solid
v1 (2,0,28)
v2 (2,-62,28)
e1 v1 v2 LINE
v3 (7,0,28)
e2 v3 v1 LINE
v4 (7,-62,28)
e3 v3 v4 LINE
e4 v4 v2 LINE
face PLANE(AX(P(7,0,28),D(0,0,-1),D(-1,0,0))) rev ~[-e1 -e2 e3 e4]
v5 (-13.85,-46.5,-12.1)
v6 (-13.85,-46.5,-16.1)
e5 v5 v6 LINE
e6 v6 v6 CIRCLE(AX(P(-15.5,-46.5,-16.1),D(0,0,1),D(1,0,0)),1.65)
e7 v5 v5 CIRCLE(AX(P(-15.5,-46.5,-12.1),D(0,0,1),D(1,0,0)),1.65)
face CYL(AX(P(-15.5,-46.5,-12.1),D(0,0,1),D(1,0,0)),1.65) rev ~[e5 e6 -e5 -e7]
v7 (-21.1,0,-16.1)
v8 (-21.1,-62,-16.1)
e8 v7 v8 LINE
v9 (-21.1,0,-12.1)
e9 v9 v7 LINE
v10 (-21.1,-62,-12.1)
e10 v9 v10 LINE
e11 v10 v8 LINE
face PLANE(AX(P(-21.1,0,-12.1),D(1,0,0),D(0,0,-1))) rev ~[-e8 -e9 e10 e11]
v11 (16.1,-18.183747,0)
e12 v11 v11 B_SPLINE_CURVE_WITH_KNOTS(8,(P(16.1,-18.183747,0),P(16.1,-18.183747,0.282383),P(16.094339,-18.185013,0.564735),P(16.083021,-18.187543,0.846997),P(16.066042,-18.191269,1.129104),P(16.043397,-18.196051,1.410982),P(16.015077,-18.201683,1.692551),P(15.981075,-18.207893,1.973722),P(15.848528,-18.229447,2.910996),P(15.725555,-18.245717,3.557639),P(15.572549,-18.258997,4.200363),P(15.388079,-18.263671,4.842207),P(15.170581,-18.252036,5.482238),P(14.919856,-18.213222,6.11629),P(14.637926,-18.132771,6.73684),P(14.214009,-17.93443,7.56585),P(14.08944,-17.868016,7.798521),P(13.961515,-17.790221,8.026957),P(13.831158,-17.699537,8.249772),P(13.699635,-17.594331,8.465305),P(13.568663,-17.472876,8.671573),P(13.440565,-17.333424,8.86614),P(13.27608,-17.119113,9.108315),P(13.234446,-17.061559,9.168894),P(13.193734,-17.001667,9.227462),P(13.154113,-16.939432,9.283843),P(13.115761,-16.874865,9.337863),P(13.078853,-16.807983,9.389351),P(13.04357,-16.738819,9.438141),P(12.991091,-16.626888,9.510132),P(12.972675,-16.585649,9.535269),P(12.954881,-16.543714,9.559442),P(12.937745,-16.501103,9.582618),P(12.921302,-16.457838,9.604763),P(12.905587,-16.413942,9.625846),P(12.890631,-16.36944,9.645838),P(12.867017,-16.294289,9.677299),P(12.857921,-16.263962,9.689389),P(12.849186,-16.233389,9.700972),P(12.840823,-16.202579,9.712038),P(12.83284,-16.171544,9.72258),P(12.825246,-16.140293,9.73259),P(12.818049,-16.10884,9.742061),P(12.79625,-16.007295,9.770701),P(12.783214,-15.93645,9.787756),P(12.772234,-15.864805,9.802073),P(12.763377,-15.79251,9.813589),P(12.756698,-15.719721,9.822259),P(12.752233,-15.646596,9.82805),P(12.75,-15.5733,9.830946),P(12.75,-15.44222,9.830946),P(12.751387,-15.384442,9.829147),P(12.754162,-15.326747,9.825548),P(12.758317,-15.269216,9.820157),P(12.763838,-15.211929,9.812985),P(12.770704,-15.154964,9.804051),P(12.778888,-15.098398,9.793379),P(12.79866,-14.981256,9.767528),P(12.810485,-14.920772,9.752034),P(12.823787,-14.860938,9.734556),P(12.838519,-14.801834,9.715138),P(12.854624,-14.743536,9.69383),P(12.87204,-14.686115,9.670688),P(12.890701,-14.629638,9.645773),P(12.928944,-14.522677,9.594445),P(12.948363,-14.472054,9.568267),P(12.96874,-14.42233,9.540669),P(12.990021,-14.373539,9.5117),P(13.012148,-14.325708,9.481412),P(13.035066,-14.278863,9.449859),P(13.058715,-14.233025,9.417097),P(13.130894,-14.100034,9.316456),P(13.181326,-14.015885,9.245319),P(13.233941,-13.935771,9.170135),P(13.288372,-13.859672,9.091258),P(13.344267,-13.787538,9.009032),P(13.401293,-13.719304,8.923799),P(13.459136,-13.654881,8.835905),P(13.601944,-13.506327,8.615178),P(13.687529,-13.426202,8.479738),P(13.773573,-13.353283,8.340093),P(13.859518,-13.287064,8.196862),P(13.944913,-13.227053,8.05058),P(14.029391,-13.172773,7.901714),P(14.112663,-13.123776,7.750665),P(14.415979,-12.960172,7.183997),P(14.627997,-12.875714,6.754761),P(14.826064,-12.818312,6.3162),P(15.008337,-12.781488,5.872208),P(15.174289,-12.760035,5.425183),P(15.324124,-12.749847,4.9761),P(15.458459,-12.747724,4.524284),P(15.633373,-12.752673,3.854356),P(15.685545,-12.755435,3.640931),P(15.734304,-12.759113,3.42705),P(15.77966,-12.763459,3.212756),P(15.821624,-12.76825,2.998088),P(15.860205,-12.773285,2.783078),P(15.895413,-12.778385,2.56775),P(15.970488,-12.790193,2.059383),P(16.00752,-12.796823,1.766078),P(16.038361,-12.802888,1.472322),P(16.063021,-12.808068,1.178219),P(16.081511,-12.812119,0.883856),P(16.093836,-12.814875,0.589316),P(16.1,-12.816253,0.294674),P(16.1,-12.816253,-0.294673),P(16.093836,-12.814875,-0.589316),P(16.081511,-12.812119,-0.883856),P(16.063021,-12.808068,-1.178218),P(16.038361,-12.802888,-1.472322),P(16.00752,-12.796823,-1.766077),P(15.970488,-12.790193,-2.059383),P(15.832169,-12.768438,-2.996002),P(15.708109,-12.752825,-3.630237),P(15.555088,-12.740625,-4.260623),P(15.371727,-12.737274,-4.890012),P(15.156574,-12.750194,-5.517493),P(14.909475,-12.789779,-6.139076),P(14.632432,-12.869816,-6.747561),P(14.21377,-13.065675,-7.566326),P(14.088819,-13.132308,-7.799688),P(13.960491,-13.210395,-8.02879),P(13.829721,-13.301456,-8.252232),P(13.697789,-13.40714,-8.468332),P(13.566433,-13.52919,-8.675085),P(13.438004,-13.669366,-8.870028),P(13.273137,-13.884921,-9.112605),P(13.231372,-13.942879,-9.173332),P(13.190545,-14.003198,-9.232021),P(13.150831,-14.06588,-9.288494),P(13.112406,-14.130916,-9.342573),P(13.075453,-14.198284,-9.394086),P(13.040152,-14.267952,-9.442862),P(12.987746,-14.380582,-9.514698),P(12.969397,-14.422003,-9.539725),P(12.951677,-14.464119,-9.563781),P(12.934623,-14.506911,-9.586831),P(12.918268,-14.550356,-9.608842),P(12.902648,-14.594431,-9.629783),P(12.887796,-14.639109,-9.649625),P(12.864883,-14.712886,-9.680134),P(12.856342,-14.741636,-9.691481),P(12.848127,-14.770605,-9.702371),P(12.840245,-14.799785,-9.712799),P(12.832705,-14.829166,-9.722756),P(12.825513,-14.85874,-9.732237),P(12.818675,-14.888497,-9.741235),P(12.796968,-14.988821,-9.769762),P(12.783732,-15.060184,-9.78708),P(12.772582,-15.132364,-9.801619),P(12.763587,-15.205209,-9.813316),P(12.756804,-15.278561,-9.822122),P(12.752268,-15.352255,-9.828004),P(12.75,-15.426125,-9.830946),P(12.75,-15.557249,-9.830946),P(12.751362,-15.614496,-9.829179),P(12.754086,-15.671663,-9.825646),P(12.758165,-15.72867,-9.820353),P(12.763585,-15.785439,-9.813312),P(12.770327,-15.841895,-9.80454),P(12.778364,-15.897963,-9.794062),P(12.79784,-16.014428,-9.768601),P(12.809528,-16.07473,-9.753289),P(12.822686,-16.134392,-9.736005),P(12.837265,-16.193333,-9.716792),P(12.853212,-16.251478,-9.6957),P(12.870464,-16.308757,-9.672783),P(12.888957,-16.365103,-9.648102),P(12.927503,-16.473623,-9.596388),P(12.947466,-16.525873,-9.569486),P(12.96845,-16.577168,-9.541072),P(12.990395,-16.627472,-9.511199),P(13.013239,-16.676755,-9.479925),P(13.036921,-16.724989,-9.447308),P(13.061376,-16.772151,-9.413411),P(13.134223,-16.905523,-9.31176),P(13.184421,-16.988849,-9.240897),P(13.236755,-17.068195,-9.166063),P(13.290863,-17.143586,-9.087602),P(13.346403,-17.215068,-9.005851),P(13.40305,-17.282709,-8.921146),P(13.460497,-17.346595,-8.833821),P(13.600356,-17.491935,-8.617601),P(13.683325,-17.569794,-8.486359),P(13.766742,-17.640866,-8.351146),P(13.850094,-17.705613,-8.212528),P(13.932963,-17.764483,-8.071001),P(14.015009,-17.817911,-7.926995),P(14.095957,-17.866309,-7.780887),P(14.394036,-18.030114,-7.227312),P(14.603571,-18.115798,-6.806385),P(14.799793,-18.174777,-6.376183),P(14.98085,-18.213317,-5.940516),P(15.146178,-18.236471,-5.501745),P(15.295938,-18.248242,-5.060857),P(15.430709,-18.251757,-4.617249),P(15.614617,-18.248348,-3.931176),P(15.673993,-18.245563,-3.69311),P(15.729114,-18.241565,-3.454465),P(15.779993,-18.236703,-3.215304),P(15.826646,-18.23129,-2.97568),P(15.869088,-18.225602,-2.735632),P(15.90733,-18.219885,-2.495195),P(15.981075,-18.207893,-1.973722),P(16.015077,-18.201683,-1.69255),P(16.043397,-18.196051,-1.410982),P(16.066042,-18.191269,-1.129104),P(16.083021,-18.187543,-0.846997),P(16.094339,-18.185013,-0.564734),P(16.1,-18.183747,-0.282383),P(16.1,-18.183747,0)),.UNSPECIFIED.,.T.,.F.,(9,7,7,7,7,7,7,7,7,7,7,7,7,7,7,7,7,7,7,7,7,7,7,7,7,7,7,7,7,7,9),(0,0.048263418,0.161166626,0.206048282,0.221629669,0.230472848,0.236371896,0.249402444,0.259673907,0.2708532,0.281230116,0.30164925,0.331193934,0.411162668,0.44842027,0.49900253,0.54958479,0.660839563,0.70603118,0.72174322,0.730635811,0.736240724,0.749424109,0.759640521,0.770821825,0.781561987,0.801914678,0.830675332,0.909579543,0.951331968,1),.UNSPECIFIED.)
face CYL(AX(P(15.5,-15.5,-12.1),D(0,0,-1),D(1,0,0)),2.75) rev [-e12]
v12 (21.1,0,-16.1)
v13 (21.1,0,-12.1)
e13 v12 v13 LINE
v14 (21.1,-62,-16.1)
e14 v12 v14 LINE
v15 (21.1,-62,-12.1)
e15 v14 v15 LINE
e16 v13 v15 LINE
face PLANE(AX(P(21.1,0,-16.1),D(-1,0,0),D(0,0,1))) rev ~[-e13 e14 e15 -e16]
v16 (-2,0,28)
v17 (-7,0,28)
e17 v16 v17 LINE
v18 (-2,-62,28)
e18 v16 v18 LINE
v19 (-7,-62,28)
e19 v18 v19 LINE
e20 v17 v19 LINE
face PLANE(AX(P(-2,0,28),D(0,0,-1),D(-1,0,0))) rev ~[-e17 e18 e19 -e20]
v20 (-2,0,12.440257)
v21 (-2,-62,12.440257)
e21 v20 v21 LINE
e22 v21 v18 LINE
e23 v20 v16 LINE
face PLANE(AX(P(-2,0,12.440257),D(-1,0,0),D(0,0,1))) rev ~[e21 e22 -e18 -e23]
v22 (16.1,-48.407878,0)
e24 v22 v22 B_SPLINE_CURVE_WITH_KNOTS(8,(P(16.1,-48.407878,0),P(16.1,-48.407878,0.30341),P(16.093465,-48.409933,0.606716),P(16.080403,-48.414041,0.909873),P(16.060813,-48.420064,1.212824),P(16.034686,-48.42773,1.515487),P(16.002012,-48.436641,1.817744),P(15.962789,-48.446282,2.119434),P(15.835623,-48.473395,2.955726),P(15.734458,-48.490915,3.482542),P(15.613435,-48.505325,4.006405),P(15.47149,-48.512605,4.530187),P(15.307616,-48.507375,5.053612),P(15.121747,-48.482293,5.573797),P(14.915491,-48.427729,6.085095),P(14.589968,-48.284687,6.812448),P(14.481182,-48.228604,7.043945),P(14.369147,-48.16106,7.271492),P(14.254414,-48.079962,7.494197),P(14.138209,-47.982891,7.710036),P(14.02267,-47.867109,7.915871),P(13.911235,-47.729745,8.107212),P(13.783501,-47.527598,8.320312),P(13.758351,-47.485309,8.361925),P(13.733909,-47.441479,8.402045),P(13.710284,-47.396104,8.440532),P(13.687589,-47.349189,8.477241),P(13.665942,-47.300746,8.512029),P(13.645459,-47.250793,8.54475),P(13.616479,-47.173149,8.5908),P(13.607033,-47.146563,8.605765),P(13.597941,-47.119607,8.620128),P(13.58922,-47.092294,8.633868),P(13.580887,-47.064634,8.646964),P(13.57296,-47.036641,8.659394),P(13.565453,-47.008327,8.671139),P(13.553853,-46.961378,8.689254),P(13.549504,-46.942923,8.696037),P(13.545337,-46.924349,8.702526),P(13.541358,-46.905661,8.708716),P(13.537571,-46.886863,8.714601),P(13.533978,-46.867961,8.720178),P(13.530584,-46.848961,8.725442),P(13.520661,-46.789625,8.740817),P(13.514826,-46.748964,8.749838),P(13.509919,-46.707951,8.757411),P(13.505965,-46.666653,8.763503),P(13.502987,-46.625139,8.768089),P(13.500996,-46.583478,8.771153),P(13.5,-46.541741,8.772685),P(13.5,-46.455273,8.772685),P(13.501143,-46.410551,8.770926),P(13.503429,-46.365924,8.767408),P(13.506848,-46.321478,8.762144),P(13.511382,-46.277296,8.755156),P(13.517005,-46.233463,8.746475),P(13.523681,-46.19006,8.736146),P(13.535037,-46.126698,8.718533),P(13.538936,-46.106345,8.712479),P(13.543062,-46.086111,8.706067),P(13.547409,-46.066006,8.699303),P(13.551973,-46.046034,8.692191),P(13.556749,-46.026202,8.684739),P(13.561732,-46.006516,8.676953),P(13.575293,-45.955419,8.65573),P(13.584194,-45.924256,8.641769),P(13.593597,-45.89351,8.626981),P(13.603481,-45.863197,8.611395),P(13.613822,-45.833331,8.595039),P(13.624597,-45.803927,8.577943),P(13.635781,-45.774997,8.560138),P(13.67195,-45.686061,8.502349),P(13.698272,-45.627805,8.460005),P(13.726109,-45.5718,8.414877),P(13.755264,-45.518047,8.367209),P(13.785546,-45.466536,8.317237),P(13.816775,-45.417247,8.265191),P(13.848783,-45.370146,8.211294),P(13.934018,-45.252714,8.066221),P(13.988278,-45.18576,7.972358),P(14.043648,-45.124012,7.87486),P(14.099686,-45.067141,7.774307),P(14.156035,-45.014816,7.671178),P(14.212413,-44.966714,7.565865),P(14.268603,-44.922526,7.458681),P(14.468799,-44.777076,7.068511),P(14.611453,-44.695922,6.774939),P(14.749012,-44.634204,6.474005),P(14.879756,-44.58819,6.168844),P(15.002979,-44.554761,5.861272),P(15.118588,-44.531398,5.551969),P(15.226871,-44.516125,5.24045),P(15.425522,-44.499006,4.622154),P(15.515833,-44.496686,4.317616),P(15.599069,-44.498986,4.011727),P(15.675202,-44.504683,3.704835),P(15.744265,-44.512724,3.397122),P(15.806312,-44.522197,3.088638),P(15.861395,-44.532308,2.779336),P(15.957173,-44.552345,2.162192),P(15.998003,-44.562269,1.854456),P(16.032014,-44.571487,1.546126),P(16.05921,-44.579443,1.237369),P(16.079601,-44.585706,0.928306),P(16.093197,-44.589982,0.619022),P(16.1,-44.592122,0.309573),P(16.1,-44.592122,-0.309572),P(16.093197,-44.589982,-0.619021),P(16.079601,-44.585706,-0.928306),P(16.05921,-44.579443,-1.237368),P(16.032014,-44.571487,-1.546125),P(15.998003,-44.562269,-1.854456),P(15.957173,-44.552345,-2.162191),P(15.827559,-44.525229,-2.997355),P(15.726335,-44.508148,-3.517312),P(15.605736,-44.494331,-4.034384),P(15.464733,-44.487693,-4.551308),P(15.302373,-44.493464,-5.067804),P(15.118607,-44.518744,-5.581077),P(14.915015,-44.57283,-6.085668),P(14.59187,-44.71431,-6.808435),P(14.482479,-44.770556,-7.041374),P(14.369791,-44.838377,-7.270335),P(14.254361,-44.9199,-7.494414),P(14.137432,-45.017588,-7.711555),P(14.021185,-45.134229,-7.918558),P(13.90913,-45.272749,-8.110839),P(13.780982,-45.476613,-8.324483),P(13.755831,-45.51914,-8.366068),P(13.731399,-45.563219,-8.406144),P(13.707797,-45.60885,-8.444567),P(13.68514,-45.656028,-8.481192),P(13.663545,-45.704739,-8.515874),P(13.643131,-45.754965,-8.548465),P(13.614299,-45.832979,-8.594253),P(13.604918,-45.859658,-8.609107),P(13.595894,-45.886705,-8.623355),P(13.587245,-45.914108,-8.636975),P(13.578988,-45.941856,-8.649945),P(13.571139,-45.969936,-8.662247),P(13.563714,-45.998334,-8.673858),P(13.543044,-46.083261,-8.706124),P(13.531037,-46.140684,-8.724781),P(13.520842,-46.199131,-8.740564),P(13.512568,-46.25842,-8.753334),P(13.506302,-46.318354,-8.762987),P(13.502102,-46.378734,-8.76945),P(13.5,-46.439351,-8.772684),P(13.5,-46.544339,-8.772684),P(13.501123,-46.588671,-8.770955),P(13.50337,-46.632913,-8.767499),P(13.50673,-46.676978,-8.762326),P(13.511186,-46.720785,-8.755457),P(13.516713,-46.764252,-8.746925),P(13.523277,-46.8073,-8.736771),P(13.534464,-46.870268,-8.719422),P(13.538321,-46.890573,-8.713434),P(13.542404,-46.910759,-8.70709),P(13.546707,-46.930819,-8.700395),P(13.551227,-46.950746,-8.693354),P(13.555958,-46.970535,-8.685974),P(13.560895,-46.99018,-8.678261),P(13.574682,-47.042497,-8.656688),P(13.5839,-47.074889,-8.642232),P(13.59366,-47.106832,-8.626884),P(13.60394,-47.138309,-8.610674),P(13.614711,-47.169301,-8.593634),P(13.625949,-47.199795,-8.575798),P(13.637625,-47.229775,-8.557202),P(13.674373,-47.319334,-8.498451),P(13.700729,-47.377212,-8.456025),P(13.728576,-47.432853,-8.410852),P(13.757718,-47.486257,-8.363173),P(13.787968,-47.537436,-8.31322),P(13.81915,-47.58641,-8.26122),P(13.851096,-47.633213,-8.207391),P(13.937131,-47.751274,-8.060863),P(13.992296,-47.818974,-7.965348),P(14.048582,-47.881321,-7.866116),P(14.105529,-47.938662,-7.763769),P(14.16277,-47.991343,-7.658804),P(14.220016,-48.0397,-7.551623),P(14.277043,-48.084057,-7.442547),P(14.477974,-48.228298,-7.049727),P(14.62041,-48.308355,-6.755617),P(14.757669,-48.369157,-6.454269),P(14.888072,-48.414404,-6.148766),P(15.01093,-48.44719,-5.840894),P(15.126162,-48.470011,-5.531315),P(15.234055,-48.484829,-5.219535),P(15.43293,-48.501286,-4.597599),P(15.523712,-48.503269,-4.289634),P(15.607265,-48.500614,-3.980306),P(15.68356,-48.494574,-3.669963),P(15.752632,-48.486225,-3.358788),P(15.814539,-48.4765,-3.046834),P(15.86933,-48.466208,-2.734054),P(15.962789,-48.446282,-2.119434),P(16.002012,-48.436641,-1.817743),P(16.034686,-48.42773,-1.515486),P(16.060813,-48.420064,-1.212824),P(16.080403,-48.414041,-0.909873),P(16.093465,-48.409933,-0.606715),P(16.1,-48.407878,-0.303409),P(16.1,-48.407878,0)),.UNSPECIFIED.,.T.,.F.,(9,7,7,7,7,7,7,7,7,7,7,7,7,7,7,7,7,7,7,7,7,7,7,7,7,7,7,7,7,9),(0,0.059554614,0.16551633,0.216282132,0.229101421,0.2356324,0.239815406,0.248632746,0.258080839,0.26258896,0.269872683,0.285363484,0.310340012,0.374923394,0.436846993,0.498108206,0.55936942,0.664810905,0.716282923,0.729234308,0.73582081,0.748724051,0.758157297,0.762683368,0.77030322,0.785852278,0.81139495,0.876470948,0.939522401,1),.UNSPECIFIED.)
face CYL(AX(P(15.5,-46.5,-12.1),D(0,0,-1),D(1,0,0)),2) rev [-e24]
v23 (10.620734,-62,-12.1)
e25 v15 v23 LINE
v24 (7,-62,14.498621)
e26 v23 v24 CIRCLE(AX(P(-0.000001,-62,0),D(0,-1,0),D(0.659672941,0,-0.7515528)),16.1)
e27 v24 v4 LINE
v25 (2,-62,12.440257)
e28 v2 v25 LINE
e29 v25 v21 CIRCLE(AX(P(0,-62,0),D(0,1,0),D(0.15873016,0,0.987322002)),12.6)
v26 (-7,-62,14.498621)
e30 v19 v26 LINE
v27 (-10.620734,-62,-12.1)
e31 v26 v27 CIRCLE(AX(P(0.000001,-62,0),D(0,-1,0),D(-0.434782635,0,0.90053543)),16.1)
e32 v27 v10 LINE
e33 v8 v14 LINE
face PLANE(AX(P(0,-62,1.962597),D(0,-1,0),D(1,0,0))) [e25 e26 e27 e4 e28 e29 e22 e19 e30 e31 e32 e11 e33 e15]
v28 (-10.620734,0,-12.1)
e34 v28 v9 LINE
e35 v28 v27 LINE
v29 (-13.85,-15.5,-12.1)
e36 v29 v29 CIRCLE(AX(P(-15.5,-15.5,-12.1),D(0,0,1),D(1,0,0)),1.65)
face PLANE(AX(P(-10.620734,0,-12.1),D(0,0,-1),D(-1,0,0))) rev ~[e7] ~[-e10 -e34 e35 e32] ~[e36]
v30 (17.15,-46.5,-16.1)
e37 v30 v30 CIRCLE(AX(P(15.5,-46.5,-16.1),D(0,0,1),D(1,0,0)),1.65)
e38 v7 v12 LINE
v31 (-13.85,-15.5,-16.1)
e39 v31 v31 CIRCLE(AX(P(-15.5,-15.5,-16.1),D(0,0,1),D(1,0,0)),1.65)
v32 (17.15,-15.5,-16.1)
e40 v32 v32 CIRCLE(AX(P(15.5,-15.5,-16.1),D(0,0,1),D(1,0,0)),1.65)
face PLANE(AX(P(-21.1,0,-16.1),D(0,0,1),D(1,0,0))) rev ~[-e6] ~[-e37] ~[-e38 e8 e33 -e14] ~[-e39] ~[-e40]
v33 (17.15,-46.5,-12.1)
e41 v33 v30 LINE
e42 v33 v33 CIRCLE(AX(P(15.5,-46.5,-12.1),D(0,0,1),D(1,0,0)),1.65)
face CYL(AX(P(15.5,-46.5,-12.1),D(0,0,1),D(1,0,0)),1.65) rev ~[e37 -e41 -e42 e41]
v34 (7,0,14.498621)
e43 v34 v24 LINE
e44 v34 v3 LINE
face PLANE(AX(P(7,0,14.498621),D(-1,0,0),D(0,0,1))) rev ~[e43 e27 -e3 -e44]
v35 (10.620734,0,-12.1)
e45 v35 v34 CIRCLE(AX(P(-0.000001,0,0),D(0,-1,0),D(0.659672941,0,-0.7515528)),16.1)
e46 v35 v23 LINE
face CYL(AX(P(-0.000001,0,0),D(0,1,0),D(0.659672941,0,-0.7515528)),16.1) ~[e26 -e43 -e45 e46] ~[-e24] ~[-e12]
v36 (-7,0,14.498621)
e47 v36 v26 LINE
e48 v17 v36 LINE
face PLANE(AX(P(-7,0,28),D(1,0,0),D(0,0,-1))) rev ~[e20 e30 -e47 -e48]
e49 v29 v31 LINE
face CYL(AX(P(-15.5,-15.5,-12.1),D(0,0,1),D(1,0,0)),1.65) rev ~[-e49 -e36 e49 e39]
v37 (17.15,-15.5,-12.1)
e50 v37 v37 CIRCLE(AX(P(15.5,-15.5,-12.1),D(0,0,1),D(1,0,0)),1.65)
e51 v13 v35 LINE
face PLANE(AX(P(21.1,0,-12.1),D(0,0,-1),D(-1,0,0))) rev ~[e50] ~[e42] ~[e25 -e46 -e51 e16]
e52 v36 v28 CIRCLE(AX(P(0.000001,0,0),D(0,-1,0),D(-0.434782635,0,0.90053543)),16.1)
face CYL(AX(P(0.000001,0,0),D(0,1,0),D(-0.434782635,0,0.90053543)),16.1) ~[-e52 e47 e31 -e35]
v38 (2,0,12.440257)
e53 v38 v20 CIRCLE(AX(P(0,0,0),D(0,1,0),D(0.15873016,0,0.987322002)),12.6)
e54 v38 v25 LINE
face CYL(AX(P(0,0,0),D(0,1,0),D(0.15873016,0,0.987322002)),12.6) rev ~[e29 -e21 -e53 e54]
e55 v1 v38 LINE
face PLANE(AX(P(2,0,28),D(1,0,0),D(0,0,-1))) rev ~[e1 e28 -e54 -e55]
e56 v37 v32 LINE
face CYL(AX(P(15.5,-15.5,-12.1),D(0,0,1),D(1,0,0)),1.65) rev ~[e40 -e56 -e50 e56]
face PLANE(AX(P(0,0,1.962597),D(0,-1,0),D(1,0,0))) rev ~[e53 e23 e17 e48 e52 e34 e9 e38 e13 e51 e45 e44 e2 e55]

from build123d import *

# Parameters (mm, degrees)
F1_DEPTH = 62
F2_R     = 1.65
F3_DEPTH = 25
F4_R     = 2
F4_R_2   = 2.75
F5_DEPTH = 25


with BuildPart() as f1:
    # F0 (on Front) → F1 (new body)
    with BuildSketch(Plane.XZ):
        with BuildLine():
            ThreePointArc((2, 12.440257), (0, -12.6), (-2, 12.440257))
            Line((-2, 12.440257), (-2, 28))
            Line((-2, 28), (-7, 28))
            Line((-7, 28), (-7, 14.498621))
            ThreePointArc((-7, 14.498621), (-15.952875, 2.171583), (-10.620734, -12.1))
            Line((-10.620734, -12.1), (-21.1, -12.1))
            Line((-21.1, -12.1), (-21.1, -16.1))
            Line((-21.1, -16.1), (0, -16.1))
            Line((0, -16.1), (21.1, -16.1))
            Line((21.1, -16.1), (21.1, -12.1))
            Line((21.1, -12.1), (10.620734, -12.1))
            ThreePointArc((10.620734, -12.1), (15.952875, 2.171583), (7, 14.498621))
            Line((7, 14.498621), (7, 28))
            Line((7, 28), (2, 28))
            Line((2, 28), (2, 12.440257))
        make_face()
    extrude(amount=F1_DEPTH)

    # F2 (on face) → F3 (cut)
    with BuildSketch(Plane.XY.offset(-12.1)):
        with Locations((15.5, -15.5)):
            Circle(F2_R)
        with Locations((15.5, -46.5)):
            Circle(F2_R)
        with Locations((-15.5, -15.5)):
            Circle(F2_R)
        with Locations((-15.5, -46.5)):
            Circle(F2_R)
    extrude(amount=-F3_DEPTH, mode=Mode.SUBTRACT)

    # F4 (on face) → F5 (cut)
    with BuildSketch(Plane.XY.offset(-12.1)):
        with Locations((15.5, -46.5)):
            Circle(F4_R)
        with Locations((15.5, -15.5)):
            Circle(F4_R_2)
    extrude(amount=F5_DEPTH, mode=Mode.SUBTRACT)


solid = f1.part
